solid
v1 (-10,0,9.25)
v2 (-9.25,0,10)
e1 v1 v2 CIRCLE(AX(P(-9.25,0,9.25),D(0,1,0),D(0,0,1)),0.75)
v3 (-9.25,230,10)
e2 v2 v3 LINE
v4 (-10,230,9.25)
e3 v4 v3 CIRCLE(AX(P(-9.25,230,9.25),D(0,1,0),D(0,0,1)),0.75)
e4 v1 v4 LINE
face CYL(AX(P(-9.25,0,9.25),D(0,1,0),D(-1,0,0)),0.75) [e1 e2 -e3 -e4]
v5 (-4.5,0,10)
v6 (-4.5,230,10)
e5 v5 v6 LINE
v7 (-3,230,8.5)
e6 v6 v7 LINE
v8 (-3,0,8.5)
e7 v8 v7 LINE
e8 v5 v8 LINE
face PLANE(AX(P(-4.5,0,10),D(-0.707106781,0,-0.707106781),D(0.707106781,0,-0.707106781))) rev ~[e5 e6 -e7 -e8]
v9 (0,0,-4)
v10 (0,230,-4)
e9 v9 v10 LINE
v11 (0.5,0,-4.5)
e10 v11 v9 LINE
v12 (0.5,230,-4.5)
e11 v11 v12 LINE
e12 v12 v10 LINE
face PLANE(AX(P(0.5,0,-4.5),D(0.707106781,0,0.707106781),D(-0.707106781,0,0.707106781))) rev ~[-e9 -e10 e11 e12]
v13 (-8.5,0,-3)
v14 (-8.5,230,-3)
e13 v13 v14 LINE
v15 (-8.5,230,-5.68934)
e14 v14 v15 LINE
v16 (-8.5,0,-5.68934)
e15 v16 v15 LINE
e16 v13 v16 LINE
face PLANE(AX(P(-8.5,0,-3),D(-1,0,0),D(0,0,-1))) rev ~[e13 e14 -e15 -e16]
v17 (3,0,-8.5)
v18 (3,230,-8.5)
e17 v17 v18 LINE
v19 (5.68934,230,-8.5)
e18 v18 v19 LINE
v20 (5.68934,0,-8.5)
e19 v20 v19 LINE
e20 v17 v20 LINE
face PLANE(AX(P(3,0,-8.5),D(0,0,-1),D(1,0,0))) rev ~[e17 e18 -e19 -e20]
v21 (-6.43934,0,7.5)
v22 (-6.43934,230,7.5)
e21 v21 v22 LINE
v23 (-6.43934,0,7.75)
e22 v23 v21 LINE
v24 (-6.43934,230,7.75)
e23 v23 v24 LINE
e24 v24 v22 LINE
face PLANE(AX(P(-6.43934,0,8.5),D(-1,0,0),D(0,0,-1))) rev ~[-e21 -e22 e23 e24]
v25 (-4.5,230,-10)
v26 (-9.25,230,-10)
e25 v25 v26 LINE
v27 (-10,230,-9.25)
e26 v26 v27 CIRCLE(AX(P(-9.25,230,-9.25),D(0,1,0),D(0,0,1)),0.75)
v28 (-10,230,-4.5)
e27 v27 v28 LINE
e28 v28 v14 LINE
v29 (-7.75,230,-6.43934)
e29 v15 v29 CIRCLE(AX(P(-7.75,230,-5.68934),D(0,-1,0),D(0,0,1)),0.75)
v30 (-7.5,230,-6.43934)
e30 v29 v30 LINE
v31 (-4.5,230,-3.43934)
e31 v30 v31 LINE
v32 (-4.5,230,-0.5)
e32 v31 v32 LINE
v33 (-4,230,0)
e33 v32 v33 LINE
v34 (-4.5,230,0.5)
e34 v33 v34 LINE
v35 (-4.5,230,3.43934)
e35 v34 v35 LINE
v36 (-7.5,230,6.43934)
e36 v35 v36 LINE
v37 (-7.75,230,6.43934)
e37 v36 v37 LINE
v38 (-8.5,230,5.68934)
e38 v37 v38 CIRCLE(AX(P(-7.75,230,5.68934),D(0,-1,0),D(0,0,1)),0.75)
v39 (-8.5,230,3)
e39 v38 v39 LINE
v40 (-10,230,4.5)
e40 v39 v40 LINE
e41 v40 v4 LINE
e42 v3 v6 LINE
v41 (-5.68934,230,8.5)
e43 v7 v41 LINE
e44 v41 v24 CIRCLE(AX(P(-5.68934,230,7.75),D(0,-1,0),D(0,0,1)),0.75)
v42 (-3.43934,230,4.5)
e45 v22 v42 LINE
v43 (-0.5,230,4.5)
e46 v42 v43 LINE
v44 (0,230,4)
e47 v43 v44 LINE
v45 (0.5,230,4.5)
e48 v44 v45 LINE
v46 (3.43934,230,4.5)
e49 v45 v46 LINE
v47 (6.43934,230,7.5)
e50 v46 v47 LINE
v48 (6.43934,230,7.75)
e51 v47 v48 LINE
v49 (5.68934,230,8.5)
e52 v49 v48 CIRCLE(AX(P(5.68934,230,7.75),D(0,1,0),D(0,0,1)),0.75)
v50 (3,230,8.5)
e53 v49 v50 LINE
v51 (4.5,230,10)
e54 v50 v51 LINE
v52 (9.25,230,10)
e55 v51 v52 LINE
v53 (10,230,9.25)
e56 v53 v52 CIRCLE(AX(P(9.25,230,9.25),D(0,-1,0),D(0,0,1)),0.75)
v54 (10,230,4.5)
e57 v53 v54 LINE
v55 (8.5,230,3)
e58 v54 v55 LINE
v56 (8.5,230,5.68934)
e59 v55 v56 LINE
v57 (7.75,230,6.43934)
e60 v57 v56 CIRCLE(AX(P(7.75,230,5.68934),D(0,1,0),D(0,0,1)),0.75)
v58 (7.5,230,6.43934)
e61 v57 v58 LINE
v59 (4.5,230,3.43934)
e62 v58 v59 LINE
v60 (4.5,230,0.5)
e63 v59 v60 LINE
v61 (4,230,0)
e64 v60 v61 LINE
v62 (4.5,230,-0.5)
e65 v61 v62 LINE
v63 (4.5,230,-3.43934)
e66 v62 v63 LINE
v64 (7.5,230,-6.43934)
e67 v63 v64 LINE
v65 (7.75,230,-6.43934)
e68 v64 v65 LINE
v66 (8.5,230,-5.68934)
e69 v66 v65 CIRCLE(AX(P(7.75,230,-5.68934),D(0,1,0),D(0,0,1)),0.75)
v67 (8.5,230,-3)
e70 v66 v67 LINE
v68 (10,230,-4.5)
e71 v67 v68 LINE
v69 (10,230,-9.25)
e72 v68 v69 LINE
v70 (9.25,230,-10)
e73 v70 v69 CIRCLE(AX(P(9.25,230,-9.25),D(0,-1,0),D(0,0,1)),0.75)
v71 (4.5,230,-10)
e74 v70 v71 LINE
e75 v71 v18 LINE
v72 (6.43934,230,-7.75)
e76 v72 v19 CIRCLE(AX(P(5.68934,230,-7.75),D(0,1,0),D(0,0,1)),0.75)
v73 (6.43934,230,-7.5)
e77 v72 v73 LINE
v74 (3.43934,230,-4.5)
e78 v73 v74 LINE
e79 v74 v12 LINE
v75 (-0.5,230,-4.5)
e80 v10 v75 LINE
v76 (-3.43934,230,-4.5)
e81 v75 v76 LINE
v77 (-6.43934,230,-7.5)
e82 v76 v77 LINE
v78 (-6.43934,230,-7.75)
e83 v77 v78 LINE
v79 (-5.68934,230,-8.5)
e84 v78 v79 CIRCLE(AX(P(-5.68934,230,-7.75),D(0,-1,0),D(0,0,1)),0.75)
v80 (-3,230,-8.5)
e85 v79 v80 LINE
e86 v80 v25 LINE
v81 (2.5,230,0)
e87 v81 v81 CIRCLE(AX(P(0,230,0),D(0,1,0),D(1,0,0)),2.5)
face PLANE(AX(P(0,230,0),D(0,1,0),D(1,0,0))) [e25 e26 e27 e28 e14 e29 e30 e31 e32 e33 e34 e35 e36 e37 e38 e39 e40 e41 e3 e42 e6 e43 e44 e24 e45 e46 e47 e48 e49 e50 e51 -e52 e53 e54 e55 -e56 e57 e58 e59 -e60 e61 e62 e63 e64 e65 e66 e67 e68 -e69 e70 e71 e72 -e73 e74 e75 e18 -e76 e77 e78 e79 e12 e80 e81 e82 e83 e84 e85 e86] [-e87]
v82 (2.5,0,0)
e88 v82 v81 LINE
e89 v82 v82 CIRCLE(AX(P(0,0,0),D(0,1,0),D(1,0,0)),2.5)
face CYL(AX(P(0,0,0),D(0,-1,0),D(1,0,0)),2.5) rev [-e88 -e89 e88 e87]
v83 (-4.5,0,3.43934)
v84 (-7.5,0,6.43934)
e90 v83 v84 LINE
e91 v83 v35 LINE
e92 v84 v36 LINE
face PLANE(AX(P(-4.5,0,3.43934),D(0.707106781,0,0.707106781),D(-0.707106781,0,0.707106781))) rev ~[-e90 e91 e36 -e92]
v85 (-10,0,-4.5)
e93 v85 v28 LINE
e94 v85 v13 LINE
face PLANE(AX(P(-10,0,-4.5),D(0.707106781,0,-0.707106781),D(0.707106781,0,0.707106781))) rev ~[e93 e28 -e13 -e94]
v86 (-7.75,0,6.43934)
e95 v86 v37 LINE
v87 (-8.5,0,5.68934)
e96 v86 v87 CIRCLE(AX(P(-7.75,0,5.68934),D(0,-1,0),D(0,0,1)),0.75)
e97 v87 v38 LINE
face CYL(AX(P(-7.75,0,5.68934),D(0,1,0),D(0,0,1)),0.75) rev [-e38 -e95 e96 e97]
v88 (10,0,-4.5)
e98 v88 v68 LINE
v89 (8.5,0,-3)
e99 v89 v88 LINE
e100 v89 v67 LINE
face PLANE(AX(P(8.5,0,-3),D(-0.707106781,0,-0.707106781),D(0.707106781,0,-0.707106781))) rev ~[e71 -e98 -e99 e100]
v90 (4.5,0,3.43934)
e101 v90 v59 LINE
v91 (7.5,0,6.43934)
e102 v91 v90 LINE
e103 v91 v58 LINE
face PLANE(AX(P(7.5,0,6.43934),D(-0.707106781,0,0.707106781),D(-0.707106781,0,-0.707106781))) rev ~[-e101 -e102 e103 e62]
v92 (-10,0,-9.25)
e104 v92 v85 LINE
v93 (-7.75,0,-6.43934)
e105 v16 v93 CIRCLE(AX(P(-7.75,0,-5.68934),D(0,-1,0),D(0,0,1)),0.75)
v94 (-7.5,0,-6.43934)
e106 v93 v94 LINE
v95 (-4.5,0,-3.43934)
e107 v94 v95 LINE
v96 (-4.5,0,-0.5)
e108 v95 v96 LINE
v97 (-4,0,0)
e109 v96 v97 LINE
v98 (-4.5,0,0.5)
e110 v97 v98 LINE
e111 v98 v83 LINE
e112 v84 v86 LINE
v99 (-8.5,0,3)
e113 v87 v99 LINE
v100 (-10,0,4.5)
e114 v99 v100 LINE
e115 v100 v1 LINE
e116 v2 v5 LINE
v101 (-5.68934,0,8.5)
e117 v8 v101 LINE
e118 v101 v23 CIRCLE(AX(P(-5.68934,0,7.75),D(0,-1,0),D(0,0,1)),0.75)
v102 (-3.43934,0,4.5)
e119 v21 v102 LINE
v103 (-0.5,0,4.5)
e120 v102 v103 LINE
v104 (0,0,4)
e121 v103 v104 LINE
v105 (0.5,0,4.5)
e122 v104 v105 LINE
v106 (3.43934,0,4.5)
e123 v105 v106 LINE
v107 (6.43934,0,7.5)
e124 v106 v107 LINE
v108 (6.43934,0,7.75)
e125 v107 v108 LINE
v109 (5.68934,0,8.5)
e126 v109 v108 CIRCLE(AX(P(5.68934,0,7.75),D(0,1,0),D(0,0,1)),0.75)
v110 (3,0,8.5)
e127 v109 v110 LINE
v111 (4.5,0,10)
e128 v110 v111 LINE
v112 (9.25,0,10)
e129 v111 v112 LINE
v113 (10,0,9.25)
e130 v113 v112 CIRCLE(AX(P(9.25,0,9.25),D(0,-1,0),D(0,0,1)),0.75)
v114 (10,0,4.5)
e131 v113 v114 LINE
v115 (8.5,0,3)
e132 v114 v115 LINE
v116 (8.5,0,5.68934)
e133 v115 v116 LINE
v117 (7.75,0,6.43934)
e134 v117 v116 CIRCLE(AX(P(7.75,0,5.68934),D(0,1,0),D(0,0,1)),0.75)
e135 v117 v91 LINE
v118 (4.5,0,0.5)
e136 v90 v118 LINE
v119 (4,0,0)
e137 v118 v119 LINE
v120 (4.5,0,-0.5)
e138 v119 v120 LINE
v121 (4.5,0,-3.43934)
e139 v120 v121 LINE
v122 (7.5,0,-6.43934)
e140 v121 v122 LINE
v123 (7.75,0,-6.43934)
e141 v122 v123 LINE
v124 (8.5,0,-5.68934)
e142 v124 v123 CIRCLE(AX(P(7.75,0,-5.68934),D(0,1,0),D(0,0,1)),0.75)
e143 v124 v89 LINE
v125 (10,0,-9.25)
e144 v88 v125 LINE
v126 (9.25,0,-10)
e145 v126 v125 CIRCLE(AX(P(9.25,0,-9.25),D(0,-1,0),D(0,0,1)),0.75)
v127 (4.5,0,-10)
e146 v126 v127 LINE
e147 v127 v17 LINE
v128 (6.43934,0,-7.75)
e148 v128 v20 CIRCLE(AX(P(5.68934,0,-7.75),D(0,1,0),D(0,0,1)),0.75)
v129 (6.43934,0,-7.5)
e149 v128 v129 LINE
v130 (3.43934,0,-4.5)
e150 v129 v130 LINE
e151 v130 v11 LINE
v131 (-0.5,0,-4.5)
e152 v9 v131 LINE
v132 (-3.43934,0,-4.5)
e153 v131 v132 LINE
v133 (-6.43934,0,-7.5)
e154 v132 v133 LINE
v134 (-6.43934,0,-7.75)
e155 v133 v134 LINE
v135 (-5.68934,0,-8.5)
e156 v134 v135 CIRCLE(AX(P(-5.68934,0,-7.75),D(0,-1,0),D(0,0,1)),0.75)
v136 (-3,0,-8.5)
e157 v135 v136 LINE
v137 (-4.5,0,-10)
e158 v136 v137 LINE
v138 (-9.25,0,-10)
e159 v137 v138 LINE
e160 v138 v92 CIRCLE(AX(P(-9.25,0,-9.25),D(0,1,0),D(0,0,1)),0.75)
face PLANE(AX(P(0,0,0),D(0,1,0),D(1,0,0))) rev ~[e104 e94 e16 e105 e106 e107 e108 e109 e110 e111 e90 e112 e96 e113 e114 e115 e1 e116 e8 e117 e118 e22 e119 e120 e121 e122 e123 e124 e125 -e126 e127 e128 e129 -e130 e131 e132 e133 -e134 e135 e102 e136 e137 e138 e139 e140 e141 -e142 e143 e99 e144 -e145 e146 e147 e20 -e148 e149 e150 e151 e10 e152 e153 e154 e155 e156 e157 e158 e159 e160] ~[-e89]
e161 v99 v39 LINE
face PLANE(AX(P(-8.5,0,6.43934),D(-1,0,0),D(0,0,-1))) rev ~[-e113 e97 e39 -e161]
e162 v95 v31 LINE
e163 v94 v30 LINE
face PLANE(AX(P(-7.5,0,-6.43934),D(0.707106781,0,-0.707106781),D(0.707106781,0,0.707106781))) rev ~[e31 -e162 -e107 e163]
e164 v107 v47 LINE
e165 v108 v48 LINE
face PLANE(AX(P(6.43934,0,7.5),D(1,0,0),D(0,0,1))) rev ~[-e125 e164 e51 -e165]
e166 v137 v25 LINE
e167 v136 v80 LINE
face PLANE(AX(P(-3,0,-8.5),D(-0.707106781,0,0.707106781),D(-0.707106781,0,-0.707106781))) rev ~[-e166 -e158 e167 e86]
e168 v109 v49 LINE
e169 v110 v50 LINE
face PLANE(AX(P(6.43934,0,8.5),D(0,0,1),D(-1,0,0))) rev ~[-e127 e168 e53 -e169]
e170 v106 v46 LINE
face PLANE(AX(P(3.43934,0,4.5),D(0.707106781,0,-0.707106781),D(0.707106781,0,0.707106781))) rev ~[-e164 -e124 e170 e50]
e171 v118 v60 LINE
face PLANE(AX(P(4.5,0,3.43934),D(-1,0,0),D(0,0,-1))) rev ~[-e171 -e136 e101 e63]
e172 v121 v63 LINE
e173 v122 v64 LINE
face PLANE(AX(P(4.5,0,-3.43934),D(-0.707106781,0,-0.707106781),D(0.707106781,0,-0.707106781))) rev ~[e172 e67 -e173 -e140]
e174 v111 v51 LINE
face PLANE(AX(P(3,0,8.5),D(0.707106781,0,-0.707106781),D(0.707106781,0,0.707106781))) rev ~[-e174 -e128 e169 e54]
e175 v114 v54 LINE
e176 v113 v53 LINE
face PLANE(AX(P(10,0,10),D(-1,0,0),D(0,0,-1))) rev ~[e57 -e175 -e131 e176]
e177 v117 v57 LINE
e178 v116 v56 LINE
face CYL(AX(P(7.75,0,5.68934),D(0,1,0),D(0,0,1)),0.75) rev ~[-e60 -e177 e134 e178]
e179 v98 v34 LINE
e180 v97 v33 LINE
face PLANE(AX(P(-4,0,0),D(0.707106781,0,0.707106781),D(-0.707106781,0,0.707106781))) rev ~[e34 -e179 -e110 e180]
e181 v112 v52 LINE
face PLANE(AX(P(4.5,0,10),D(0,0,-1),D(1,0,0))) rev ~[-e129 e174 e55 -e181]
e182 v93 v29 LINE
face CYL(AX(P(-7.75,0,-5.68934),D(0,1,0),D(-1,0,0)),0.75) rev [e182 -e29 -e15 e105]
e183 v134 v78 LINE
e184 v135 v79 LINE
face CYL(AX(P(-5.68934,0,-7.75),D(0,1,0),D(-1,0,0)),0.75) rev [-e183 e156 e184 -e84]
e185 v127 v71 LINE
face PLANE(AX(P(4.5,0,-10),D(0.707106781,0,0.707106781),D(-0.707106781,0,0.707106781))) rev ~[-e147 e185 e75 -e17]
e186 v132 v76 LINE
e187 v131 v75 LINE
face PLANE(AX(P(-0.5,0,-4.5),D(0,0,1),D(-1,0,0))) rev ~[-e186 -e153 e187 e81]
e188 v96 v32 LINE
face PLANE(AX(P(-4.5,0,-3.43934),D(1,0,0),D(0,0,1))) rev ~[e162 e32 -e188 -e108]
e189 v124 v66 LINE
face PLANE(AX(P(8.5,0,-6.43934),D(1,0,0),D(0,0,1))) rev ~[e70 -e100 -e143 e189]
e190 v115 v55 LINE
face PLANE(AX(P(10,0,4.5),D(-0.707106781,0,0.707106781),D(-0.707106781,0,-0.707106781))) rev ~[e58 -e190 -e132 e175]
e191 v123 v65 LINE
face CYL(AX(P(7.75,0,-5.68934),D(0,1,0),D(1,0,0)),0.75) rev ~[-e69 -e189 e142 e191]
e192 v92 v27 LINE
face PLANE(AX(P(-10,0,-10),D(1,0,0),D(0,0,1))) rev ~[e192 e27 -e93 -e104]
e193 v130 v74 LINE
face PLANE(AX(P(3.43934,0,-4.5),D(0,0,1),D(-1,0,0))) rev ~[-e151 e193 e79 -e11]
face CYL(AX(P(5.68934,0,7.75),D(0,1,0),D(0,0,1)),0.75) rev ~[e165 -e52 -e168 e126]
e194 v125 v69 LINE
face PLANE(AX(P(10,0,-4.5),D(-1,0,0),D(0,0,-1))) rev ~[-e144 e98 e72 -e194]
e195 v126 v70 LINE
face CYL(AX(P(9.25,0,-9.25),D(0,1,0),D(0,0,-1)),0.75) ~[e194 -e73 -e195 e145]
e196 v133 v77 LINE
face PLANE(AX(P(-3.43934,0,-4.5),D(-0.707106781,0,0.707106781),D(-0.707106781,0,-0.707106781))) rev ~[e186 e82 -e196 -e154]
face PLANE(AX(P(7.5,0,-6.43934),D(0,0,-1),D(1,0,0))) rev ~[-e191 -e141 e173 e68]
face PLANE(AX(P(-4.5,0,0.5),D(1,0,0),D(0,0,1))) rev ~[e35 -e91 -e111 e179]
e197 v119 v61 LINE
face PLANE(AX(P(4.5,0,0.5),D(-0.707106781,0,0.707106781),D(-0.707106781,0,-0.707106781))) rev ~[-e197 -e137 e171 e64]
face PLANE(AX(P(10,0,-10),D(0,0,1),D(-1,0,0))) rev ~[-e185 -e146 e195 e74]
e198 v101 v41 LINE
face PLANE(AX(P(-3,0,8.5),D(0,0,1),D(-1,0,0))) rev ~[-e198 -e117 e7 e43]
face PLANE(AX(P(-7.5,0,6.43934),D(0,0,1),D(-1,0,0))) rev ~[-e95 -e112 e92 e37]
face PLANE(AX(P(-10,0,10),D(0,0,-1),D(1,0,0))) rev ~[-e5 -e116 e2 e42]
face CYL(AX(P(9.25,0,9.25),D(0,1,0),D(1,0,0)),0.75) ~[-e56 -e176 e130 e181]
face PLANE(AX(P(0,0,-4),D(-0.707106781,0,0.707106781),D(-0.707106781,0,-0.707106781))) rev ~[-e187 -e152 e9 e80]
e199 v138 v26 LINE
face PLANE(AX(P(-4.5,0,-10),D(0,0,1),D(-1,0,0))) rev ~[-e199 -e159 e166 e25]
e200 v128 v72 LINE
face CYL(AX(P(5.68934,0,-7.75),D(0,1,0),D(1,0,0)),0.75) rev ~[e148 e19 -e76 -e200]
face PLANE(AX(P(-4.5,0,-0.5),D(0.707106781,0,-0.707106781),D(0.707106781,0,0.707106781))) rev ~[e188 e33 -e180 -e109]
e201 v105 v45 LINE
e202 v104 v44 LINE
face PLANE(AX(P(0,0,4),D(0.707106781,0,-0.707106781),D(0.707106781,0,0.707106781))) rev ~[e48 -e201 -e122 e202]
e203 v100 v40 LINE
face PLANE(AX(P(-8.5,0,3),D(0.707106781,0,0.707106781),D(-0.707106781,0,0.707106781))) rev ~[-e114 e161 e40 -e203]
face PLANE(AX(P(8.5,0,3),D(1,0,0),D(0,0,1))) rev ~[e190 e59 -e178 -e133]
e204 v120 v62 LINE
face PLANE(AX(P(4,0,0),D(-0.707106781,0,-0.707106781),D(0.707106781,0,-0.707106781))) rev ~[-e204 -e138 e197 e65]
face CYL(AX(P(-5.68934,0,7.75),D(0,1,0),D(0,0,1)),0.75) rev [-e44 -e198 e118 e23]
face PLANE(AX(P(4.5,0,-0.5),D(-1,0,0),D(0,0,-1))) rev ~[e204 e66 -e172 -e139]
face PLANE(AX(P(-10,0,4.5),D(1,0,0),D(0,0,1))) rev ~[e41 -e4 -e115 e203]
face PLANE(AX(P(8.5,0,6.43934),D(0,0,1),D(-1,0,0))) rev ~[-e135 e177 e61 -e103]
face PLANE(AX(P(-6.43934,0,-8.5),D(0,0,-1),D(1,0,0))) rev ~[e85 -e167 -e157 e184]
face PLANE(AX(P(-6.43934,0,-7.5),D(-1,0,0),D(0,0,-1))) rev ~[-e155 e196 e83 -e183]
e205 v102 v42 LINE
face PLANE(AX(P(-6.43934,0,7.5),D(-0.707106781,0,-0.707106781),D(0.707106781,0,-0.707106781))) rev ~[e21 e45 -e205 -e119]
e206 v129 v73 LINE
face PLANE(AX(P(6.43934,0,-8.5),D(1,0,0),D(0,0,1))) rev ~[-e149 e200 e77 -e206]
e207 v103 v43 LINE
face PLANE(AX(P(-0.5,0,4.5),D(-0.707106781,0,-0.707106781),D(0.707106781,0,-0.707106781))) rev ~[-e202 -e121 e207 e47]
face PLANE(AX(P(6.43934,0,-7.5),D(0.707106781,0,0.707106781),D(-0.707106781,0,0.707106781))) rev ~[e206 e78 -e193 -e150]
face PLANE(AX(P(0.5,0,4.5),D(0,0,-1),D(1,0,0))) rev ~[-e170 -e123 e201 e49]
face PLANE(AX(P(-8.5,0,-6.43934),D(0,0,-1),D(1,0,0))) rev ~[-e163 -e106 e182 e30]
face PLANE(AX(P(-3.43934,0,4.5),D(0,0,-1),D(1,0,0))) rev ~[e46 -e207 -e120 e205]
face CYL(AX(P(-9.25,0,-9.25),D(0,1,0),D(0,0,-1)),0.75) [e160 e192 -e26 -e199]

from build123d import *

# Parameters (mm, degrees)
ESQUISSE1_R      = 2.5
EXTRUSION1_DEPTH = 230
CONG_1_R         = 0.75


with BuildPart() as part:
    # Esquisse1 → Extrusion1 (new body)
    with BuildSketch(Plane(origin=(0, 0, 0), x_dir=(1, 0, 0), z_dir=(0, 1, 0))):
        Polygon((0, 4), (-0.5, 4.5), (-3.439339828, 4.5), (-6.439339828, 7.5), (-6.439339828, 8.5), (-3, 8.5), (-4.5, 10), (-10, 10), (-10, 4.5), (-8.5, 3), (-8.5, 6.439339828), (-7.5, 6.439339828), (-4.5, 3.439339828), (-4.5, 0.5), (-4, 0), (-4.5, -0.5), (-4.5, -3.439339828), (-7.5, -6.439339828), (-8.5, -6.439339828), (-8.5, -3), (-10, -4.5), (-10, -10), (-4.5, -10), (-3, -8.5), (-6.439339828, -8.5), (-6.439339828, -7.5), (-3.439339828, -4.5), (-0.5, -4.5), (0, -4), (0.5, -4.5), (3.439339828, -4.5), (6.439339828, -7.5), (6.439339828, -8.5), (3, -8.5), (4.5, -10), (10, -10), (10, -4.5), (8.5, -3), (8.5, -6.439339828), (7.5, -6.439339828), (4.5, -3.439339828), (4.5, -0.5), (4, 0), (4.5, 0.5), (4.5, 3.439339828), (7.5, 6.439339828), (8.5, 6.439339828), (8.5, 3), (10, 4.5), (10, 10), (4.5, 10), (3, 8.5), (6.439339828, 8.5), (6.439339828, 7.5), (3.439339828, 4.5), (0.5, 4.5), align=None)
        Circle(ESQUISSE1_R, mode=Mode.SUBTRACT)
    extrude(amount=EXTRUSION1_DEPTH)

    # Congé1
    cong_1_edges = [part.edges().sort_by_distance(p)[0] for p in [
        (6.439339828, 115, -8.5),
        (10, 115, -10),
        (8.5, 115, -6.439339828),
        (8.5, 115, 6.439339828),
        (10, 115, 10),
        (6.439339828, 115, 8.5),
        (-6.439339828, 115, 8.5),
        (-10, 115, 10),
        (-8.5, 115, 6.439339828),
        (-8.5, 115, -6.439339828),
        (-10, 115, -10),
        (-6.439339828, 115, -8.5),
    ]]
    fillet(cong_1_edges, radius=CONG_1_R)


solid = part.part
